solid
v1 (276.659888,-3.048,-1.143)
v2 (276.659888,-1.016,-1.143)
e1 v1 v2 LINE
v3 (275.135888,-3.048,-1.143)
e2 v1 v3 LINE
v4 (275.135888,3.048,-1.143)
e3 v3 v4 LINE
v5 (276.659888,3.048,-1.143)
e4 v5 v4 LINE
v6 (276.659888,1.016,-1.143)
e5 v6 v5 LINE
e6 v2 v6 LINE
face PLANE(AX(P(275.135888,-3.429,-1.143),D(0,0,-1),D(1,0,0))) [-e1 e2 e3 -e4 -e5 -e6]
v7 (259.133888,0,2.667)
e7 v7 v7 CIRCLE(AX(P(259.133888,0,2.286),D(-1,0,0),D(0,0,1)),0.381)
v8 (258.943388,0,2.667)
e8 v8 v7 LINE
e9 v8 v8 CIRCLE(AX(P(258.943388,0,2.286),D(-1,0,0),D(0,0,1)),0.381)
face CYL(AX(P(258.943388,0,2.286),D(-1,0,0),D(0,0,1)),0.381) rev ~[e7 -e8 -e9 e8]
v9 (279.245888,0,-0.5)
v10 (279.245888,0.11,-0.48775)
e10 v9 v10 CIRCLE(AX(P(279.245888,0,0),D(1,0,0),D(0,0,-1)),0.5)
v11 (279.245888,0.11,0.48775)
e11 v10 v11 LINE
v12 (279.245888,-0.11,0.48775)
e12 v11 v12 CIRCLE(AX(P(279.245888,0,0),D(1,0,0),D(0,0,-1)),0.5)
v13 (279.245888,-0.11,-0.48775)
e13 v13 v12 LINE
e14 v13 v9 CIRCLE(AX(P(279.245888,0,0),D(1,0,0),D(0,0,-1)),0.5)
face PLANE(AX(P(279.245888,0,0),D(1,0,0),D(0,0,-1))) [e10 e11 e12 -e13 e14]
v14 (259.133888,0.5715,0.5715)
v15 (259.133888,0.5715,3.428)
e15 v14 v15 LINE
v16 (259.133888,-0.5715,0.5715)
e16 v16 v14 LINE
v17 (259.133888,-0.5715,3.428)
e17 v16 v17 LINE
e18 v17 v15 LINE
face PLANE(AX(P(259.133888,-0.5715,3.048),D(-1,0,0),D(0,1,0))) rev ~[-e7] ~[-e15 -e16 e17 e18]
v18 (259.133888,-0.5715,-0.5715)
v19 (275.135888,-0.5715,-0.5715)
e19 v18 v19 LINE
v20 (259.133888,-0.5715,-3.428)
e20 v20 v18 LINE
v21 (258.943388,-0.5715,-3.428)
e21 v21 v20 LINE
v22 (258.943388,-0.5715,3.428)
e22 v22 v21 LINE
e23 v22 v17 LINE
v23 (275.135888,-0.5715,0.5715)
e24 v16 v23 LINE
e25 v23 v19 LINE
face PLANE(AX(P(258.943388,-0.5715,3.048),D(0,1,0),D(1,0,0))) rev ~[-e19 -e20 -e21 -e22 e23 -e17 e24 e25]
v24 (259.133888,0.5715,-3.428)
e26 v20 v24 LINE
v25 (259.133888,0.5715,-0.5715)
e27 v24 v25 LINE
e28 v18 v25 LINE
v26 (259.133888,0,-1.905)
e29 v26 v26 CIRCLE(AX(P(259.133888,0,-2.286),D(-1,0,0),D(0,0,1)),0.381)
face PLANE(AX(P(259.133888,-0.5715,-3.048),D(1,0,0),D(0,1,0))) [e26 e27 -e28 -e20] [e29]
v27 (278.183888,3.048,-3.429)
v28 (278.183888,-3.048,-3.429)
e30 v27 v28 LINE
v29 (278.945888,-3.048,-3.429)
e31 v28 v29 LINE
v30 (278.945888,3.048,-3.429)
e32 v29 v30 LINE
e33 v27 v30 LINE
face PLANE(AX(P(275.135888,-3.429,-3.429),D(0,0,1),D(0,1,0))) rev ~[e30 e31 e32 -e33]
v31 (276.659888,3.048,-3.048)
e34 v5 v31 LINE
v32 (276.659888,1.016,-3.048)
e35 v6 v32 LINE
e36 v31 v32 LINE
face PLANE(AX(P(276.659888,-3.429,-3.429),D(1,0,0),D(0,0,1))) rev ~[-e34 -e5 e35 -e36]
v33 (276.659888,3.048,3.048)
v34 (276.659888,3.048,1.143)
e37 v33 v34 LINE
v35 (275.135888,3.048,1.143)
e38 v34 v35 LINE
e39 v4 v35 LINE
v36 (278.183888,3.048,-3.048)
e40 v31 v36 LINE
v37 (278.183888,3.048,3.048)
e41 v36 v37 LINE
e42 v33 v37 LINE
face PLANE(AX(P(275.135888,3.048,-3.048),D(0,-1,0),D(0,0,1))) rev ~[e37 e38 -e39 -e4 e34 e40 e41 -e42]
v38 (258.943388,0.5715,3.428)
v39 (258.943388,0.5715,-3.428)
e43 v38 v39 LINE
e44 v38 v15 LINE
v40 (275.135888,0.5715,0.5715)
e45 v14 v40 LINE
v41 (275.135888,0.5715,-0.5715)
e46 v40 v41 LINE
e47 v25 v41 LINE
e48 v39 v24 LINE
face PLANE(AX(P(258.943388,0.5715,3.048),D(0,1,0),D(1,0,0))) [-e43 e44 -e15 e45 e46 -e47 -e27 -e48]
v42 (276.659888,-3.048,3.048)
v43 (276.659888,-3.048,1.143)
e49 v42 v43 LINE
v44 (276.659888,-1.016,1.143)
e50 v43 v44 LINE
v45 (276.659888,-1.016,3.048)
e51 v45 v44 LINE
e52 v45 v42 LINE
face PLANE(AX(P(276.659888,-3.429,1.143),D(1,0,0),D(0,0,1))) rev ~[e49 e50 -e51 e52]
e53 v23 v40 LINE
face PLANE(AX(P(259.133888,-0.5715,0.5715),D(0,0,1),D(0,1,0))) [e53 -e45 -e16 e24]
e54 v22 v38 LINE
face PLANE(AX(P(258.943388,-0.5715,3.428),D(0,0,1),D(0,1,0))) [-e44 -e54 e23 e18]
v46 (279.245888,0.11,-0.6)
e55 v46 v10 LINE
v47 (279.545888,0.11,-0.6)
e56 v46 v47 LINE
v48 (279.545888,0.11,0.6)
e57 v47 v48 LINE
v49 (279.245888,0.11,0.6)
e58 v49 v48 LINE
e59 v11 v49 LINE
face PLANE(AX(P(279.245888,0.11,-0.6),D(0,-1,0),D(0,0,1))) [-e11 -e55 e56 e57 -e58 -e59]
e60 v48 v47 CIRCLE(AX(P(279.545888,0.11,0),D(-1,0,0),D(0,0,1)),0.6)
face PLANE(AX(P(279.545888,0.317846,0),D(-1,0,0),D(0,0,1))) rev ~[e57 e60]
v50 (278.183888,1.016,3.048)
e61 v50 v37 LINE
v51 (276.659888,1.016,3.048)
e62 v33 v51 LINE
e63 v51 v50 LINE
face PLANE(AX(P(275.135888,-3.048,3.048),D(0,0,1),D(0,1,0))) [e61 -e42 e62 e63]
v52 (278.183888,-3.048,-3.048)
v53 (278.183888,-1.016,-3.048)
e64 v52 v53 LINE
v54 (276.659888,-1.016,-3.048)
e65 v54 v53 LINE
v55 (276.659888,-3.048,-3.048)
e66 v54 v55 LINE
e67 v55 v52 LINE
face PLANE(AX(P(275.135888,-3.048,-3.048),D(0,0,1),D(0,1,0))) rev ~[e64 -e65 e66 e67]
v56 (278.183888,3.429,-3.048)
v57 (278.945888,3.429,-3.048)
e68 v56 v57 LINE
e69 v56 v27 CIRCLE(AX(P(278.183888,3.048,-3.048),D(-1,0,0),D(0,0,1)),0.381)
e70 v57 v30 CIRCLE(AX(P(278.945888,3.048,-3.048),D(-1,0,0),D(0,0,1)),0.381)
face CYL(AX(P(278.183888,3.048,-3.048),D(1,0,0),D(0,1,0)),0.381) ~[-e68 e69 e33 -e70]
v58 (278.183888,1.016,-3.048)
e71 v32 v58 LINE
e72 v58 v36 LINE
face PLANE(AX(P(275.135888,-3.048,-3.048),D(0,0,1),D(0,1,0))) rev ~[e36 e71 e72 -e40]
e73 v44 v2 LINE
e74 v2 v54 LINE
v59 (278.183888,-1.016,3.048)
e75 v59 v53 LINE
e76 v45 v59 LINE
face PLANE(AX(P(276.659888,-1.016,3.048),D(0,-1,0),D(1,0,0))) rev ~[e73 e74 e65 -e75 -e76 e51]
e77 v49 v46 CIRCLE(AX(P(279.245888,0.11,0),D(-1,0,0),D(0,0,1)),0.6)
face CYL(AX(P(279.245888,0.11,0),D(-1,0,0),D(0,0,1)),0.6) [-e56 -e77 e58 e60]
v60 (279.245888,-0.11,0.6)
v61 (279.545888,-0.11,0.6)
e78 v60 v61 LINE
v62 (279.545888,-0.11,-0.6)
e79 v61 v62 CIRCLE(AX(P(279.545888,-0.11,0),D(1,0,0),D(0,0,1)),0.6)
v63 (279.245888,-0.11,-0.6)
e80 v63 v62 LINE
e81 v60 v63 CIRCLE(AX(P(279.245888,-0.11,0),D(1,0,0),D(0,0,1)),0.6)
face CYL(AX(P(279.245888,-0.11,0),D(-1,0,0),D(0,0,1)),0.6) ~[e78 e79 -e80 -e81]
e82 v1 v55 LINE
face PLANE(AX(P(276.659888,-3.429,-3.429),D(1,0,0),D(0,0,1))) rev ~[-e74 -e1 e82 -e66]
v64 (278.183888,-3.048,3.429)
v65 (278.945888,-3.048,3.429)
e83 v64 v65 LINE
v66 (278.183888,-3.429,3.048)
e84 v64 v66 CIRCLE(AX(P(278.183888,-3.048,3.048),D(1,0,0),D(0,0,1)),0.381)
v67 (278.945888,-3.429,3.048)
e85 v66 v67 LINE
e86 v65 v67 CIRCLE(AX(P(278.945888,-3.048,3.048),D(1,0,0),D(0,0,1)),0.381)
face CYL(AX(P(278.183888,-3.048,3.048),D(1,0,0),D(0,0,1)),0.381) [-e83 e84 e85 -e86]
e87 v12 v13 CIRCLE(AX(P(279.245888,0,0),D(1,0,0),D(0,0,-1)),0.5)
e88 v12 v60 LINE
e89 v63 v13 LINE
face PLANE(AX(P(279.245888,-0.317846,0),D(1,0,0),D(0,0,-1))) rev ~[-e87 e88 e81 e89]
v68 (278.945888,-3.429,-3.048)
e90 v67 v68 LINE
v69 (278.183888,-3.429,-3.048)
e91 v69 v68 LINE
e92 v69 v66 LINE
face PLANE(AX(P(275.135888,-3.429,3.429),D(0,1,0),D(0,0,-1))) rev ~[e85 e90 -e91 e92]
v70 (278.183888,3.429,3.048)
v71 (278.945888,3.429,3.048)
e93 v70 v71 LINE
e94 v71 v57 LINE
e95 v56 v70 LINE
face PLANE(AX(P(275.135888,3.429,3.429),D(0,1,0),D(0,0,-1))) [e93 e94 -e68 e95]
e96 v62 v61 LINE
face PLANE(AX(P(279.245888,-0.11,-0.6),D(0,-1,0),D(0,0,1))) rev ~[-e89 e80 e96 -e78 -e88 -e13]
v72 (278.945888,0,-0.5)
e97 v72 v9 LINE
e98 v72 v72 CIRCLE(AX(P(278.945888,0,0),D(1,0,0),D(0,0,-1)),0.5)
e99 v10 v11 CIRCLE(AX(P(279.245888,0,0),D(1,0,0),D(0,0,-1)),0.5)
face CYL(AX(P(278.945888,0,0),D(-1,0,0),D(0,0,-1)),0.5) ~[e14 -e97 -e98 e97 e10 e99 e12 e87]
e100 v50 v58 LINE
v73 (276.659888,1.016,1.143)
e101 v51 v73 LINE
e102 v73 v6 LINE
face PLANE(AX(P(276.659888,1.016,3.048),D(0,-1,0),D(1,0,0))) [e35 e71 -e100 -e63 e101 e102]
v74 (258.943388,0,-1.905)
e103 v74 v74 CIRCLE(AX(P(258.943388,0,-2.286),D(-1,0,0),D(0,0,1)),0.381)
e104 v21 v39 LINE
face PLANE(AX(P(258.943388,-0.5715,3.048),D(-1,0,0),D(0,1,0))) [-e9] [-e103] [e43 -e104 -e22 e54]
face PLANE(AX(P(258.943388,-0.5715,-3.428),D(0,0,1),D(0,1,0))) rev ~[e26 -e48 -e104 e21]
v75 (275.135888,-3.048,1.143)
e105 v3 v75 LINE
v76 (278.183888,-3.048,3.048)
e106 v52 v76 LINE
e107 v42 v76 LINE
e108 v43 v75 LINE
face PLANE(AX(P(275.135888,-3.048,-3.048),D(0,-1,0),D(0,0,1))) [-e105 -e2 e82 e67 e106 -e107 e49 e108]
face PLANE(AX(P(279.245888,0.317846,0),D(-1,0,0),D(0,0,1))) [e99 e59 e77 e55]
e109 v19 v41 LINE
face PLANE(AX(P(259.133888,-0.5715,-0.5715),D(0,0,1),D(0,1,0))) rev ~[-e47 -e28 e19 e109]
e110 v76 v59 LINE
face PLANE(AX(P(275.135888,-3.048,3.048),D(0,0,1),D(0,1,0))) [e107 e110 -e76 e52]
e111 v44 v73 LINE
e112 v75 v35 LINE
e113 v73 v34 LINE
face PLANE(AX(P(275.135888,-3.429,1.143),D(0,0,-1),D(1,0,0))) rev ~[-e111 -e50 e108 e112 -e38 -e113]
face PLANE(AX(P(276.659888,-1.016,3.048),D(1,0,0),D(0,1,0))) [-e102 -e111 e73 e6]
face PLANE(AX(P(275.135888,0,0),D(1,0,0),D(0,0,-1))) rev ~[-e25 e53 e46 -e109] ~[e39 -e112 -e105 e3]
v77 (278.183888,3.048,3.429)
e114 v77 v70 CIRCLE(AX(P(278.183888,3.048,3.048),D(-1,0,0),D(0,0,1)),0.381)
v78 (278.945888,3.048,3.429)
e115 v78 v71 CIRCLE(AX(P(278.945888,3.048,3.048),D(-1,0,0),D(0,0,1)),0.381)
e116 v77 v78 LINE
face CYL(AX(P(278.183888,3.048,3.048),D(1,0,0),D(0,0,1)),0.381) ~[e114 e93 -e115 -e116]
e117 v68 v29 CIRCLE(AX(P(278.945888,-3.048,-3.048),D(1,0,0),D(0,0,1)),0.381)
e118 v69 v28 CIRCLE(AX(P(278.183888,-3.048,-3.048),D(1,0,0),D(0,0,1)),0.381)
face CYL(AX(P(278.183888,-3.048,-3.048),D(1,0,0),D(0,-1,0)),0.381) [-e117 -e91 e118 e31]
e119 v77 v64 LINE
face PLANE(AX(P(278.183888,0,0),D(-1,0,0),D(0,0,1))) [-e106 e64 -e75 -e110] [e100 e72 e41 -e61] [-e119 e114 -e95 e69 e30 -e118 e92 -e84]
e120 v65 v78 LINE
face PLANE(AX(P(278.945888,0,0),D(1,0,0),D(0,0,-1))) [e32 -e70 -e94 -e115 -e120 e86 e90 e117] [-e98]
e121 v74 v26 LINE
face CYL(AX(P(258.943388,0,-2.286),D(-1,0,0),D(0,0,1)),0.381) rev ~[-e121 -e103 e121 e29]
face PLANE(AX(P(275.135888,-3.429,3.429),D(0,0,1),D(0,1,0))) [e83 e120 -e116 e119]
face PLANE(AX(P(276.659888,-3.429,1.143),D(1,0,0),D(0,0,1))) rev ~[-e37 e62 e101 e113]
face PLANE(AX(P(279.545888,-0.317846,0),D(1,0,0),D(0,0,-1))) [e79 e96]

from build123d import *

# Parameters (mm, degrees)
SKETCH1_W           = 101.6
SKETCH1_H           = 19.05
BOSS_EXTRUDE1_DEPTH = 3.175
SKETCH2_W           = 19.05
SKETCH2_H           = 19.05
BOSS_EXTRUDE2_DEPTH = 266.7
SKETCH4_W           = 114.3
SKETCH4_H           = 114.3
BOSS_EXTRUDE3_DEPTH = 76.2
SKETCH5_W           = 25.4
SKETCH5_H           = 38.1
CUT_EXTRUDE2_DEPTH  = 150.368
SKETCH7_OUTSIDE_W   = 192.692
SKETCH7_OUTSIDE_H   = 192.692
SKETCH7_OUTSIDE_W_2 = 101.6
SKETCH7_OUTSIDE_H_2 = 101.6
CUT_EXTRUDE3_DEPTH  = 50.8
SKETCH8_W           = 25.4
SKETCH8_H           = 33.866666666
CUT_EXTRUDE4_DEPTH  = 140.208
SKETCH9_W           = 114.3
SKETCH9_H           = 114.3
CUT_EXTRUDE5_DEPTH  = 12.7
FILLET2_R           = 6.35
SKETCH10_R          = 6.35
CUT_EXTRUDE6_DEPTH  = 12.7
SCALE1_SCALE        = 0.06
MOVE_FACE1_BY       = 0.380000002
MOVE_FACE1_2_BY     = 0.380000002
SKETCH12_R          = 0.5
BOSS_EXTRUDE4_DEPTH = 0.3
BOSS_EXTRUDE5_DEPTH = 0.3


with BuildPart() as part:
    # Sketch1 → Boss-Extrude1 (new body)
    with BuildSketch(Plane(origin=(0, 0, 0), x_dir=(0, 0, -1), z_dir=(1, 0, 0))):
        Rectangle(SKETCH1_W, SKETCH1_H)
    extrude(amount=BOSS_EXTRUDE1_DEPTH)

    # Sketch2 → Boss-Extrude2 (add)
    with BuildSketch(Plane(origin=(3.175, 0, 0), x_dir=(0, 0, -1), z_dir=(1, 0, 0))):
        Rectangle(SKETCH2_W, SKETCH2_H)
    extrude(amount=BOSS_EXTRUDE2_DEPTH)

    # Sketch4 → Boss-Extrude3 (add)
    with BuildSketch(Plane(origin=(269.875, 0, 0), x_dir=(0, 0, -1), z_dir=(1, 0, 0))):
        Rectangle(SKETCH4_W, SKETCH4_H)
    extrude(amount=BOSS_EXTRUDE3_DEPTH)

    # Sketch5 → Cut-Extrude2 (cut)
    with BuildSketch(Plane.XZ.offset(57.15)):
        with Locations((282.575, 38.1)):
            Rectangle(SKETCH5_W, SKETCH5_H)
        with Locations((282.575, -38.1)):
            Rectangle(SKETCH5_W, SKETCH5_H)
    extrude(amount=-CUT_EXTRUDE2_DEPTH, mode=Mode.SUBTRACT)

    # Sketch7 outside → Cut-Extrude3 (cut)
    with BuildSketch(Plane.ZY.offset(-269.875)):
        Rectangle(SKETCH7_OUTSIDE_W, SKETCH7_OUTSIDE_H)
        Rectangle(SKETCH7_OUTSIDE_W_2, SKETCH7_OUTSIDE_H_2, mode=Mode.SUBTRACT)
    extrude(amount=-CUT_EXTRUDE3_DEPTH, mode=Mode.SUBTRACT)

    # Sketch8 → Cut-Extrude4 (cut)
    with BuildSketch(Plane.XY.offset(50.8)):
        with Locations((307.975, 0)):
            Rectangle(SKETCH8_W, SKETCH8_H)
    extrude(amount=-CUT_EXTRUDE4_DEPTH, mode=Mode.SUBTRACT)

    # Sketch9 → Cut-Extrude5 (cut)
    with BuildSketch(Plane(origin=(346.075, 0, 0), x_dir=(0, 0, -1), z_dir=(1, 0, 0))):
        Rectangle(SKETCH9_W, SKETCH9_H)
    extrude(amount=-CUT_EXTRUDE5_DEPTH, mode=Mode.SUBTRACT)

    # Fillet2
    fillet2_edges = [part.edges().sort_by_distance(p)[0] for p in [
        (327.025, -57.15, 57.15),
        (327.025, 57.15, 57.15),
        (327.025, -57.15, -57.15),
        (327.025, 57.15, -57.15),
    ]]
    fillet(fillet2_edges, radius=FILLET2_R)

    # Sketch10 → Cut-Extrude6 (cut)
    with BuildSketch(Plane.ZY):
        with Locations((-38.1, 0)):
            Circle(SKETCH10_R)
        with Locations((38.1, 0)):
            Circle(SKETCH10_R)
    extrude(amount=-CUT_EXTRUDE6_DEPTH, mode=Mode.SUBTRACT)


with BuildPart() as part_1:
    # Scale1: scaled about (275.471689012, 0, 0)
    add(part.part.scale(SCALE1_SCALE).moved(Location((258.943387671, 0, 0))))

    # Move Face1: a face moved outward by 0.38
    extrude(part_1.faces().sort_by_distance((259.038637671, 0, -3.048))[0], amount=MOVE_FACE1_BY, dir=(0, 0, -1))

    # Move Face1 2: a face moved outward by 0.38
    extrude(part_1.faces().sort_by_distance((259.038637671, 0, 3.048))[0], amount=MOVE_FACE1_2_BY, dir=(0, 0, 1))

    # Sketch12 → Boss-Extrude4 (add)
    with BuildSketch(Plane(origin=(278.945887671, 0, 0), x_dir=(0, 0, -1), z_dir=(1, 0, 0))):
        Circle(SKETCH12_R)
    extrude(amount=BOSS_EXTRUDE4_DEPTH)

    # Sketch13 → Boss-Extrude5 (add)
    with BuildSketch(Plane(origin=(279.245887671, 0, 0), x_dir=(0, 0, -1), z_dir=(1, 0, 0))):
        with BuildLine():
            Line((0.6, 0.11), (-0.6, 0.11))
            ThreePointArc((-0.6, 0.11), (0, 0.71), (0.6, 0.11))
        make_face()
        with BuildLine():
            Line((0.6, -0.11), (-0.6, -0.11))
            ThreePointArc((-0.6, -0.11), (0, -0.71), (0.6, -0.11))
        make_face()
    extrude(amount=BOSS_EXTRUDE5_DEPTH)


solid = part_1.part
